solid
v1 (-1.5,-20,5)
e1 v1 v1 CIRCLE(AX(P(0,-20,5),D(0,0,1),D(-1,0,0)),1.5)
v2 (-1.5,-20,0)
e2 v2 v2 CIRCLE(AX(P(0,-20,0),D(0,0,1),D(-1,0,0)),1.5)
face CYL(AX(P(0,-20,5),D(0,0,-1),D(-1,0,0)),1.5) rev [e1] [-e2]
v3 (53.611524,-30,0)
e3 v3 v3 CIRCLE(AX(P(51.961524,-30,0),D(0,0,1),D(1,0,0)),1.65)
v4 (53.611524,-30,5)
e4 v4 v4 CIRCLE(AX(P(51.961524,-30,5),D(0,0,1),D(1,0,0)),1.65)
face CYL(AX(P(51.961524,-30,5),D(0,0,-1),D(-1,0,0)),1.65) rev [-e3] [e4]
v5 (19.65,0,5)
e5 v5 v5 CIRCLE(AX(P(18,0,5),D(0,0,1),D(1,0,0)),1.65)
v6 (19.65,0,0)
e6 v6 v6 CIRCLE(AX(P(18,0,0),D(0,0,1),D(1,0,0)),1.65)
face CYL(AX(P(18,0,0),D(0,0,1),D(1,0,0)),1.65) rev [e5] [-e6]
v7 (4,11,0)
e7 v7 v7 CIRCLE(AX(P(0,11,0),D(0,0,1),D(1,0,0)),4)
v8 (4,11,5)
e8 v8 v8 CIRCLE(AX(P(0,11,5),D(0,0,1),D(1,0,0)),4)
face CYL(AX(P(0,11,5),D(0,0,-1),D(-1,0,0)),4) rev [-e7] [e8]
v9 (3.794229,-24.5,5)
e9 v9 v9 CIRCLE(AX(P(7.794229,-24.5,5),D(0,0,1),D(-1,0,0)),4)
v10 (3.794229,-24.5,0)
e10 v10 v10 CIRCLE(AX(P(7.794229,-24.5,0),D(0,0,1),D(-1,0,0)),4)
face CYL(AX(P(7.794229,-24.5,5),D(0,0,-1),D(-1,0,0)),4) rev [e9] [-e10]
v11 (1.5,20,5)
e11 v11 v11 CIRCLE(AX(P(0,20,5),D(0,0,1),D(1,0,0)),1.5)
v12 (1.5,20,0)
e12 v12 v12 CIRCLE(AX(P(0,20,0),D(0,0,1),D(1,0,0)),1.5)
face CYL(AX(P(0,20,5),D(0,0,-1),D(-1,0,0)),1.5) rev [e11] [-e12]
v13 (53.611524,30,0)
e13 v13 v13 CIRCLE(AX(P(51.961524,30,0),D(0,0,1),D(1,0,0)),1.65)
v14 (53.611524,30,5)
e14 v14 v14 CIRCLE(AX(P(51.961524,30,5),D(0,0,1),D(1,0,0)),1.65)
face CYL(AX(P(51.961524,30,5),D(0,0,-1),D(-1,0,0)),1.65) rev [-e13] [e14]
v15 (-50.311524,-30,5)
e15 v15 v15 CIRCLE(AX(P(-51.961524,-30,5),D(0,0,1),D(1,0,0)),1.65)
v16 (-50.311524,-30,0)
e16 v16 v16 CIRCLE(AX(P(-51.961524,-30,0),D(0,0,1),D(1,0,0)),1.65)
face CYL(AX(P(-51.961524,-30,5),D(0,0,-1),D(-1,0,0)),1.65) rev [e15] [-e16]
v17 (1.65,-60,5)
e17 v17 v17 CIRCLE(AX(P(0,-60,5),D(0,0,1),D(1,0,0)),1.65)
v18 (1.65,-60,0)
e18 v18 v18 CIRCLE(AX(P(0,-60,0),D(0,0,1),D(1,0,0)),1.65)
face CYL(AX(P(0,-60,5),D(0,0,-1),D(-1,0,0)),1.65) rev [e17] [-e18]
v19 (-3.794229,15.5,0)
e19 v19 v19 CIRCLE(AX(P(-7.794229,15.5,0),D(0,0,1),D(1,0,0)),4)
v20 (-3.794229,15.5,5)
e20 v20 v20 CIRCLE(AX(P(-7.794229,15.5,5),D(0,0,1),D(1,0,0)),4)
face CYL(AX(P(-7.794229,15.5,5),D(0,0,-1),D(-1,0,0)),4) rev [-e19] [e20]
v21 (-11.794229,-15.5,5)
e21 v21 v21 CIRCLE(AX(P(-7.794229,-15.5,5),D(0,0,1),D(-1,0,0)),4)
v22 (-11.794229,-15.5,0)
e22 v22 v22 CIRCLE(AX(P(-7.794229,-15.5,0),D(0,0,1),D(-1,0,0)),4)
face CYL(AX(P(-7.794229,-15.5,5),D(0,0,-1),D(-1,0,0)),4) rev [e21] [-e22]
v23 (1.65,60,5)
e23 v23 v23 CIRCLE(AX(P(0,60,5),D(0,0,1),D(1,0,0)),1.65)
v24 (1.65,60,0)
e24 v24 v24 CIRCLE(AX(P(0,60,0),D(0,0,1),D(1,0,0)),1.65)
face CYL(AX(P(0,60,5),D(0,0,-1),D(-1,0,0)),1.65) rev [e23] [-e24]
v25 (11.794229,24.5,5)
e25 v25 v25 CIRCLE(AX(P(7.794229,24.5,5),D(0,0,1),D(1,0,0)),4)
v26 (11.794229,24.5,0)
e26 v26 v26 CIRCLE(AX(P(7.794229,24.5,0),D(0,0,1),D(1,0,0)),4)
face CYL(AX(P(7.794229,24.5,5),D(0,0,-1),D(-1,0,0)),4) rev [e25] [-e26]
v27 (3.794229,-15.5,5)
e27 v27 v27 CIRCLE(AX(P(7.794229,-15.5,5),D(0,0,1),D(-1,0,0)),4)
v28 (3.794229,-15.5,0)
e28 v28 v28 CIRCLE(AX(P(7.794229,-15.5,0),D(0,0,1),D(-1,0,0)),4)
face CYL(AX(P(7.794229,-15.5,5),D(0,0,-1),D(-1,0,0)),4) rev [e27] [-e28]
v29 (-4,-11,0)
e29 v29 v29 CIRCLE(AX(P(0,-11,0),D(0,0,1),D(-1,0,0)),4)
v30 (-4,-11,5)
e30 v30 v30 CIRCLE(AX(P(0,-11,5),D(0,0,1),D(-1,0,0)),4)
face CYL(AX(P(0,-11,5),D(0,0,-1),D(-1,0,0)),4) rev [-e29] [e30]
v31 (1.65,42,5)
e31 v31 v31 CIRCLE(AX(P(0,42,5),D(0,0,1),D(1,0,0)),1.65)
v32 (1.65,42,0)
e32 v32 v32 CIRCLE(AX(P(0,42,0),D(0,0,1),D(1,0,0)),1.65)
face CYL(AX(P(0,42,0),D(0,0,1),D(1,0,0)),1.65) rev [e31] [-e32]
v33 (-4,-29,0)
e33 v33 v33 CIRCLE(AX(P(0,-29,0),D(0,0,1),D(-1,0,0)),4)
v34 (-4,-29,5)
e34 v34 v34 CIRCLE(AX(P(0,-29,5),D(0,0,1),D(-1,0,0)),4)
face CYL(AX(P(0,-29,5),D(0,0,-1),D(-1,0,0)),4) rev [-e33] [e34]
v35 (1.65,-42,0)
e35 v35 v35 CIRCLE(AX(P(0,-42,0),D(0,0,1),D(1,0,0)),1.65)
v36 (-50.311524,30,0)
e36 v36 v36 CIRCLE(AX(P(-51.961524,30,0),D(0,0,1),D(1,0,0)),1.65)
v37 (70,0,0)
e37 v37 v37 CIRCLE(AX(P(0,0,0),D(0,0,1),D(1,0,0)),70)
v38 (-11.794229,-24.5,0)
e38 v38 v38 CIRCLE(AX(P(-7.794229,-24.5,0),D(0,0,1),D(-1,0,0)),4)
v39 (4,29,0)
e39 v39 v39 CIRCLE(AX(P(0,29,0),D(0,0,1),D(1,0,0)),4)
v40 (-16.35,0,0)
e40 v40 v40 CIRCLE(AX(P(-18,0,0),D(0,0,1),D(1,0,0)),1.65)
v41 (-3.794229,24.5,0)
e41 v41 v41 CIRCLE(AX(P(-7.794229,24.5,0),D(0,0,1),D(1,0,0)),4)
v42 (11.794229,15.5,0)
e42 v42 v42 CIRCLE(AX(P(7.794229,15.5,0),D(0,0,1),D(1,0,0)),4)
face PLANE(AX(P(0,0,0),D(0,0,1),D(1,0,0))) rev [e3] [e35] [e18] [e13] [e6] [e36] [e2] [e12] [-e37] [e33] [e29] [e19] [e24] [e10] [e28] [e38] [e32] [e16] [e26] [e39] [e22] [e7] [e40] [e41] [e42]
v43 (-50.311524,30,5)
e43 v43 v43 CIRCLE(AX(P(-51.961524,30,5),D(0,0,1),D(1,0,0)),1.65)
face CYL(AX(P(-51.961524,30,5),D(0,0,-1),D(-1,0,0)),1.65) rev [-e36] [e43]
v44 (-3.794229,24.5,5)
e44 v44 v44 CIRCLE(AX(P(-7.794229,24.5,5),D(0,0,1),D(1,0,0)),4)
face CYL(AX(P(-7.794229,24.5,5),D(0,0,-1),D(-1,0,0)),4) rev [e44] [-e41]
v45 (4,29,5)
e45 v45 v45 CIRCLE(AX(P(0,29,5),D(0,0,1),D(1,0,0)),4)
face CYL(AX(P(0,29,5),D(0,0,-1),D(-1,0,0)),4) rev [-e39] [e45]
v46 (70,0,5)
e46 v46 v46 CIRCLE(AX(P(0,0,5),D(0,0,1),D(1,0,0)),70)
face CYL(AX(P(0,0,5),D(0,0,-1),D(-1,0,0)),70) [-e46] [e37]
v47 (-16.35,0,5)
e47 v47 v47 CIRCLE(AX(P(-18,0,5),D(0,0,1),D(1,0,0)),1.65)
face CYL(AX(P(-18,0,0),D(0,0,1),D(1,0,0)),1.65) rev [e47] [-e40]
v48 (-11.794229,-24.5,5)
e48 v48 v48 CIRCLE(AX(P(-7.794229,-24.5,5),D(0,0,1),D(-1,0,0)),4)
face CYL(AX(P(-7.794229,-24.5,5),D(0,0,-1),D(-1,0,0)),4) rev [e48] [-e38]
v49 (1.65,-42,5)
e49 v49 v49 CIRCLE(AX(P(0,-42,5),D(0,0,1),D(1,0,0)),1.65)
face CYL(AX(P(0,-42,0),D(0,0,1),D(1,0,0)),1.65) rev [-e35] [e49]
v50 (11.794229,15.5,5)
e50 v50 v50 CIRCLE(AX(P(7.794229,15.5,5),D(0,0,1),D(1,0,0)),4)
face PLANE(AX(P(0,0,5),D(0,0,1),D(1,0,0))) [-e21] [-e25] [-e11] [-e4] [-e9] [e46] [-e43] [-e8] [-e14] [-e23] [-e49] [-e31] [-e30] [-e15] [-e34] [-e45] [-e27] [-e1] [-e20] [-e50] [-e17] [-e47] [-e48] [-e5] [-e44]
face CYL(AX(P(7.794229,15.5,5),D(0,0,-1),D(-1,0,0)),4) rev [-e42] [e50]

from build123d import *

# Parameters (mm, degrees)
SKETCH1_R           = 70
SKETCH1_R_2         = 1.65
SKETCH1_R_3         = 4
SKETCH1_R_4         = 1.5
BOSS_EXTRUDE1_DEPTH = 5
SKETCH2_R           = 1.65
CUT_EXTRUDE1_DEPTH  = 100.121138008


with BuildPart() as part:
    # Sketch1 → Boss-Extrude1 (new body)
    with BuildSketch(Plane.XY):
        Circle(SKETCH1_R)
        with Locations((0, 60)):
            Circle(SKETCH1_R_2, mode=Mode.SUBTRACT)
        with Locations((51.961524227, 30)):
            Circle(SKETCH1_R_2, mode=Mode.SUBTRACT)
        with Locations((51.961524227, -30)):
            Circle(SKETCH1_R_2, mode=Mode.SUBTRACT)
        with Locations((0, -60)):
            Circle(SKETCH1_R_2, mode=Mode.SUBTRACT)
        with Locations((-51.961524227, -30)):
            Circle(SKETCH1_R_2, mode=Mode.SUBTRACT)
        with Locations((-51.961524227, 30)):
            Circle(SKETCH1_R_2, mode=Mode.SUBTRACT)
        with Locations((0, 29)):
            Circle(SKETCH1_R_3, mode=Mode.SUBTRACT)
        with Locations((7.794228634, 24.5)):
            Circle(SKETCH1_R_3, mode=Mode.SUBTRACT)
        with Locations((7.794228634, 15.5)):
            Circle(SKETCH1_R_3, mode=Mode.SUBTRACT)
        with Locations((0, 11)):
            Circle(SKETCH1_R_3, mode=Mode.SUBTRACT)
        with Locations((-7.794228634, 15.5)):
            Circle(SKETCH1_R_3, mode=Mode.SUBTRACT)
        with Locations((-7.794228634, 24.5)):
            Circle(SKETCH1_R_3, mode=Mode.SUBTRACT)
        with Locations((0, 20)):
            Circle(SKETCH1_R_4, mode=Mode.SUBTRACT)
        with Locations(Location((7.794228634, -15.5, 0), (0, 0, 180))):
            Circle(SKETCH1_R_3, mode=Mode.SUBTRACT)
        with Locations(Location((0, -11, 0), (0, 0, 180))):
            Circle(SKETCH1_R_3, mode=Mode.SUBTRACT)
        with Locations(Location((-7.794228634, -15.5, 0), (0, 0, 180))):
            Circle(SKETCH1_R_3, mode=Mode.SUBTRACT)
        with Locations(Location((0, -20, 0), (0, 0, 180))):
            Circle(SKETCH1_R_4, mode=Mode.SUBTRACT)
        with Locations(Location((-7.794228634, -24.5, 0), (0, 0, 180))):
            Circle(SKETCH1_R_3, mode=Mode.SUBTRACT)
        with Locations(Location((0, -29, 0), (0, 0, 180))):
            Circle(SKETCH1_R_3, mode=Mode.SUBTRACT)
        with Locations(Location((7.794228634, -24.5, 0), (0, 0, 180))):
            Circle(SKETCH1_R_3, mode=Mode.SUBTRACT)
    extrude(amount=BOSS_EXTRUDE1_DEPTH)

    # Sketch2 → Cut-Extrude1 (cut, through all)
    with BuildSketch(Plane.XY.offset(5)):
        with Locations((0, 42)):
            Circle(SKETCH2_R)
        with Locations((0, -42)):
            Circle(SKETCH2_R)
        with Locations((18, 0)):
            Circle(SKETCH2_R)
        with Locations((-18, 0)):
            Circle(SKETCH2_R)
    extrude(amount=-CUT_EXTRUDE1_DEPTH, mode=Mode.SUBTRACT)


solid = part.part
